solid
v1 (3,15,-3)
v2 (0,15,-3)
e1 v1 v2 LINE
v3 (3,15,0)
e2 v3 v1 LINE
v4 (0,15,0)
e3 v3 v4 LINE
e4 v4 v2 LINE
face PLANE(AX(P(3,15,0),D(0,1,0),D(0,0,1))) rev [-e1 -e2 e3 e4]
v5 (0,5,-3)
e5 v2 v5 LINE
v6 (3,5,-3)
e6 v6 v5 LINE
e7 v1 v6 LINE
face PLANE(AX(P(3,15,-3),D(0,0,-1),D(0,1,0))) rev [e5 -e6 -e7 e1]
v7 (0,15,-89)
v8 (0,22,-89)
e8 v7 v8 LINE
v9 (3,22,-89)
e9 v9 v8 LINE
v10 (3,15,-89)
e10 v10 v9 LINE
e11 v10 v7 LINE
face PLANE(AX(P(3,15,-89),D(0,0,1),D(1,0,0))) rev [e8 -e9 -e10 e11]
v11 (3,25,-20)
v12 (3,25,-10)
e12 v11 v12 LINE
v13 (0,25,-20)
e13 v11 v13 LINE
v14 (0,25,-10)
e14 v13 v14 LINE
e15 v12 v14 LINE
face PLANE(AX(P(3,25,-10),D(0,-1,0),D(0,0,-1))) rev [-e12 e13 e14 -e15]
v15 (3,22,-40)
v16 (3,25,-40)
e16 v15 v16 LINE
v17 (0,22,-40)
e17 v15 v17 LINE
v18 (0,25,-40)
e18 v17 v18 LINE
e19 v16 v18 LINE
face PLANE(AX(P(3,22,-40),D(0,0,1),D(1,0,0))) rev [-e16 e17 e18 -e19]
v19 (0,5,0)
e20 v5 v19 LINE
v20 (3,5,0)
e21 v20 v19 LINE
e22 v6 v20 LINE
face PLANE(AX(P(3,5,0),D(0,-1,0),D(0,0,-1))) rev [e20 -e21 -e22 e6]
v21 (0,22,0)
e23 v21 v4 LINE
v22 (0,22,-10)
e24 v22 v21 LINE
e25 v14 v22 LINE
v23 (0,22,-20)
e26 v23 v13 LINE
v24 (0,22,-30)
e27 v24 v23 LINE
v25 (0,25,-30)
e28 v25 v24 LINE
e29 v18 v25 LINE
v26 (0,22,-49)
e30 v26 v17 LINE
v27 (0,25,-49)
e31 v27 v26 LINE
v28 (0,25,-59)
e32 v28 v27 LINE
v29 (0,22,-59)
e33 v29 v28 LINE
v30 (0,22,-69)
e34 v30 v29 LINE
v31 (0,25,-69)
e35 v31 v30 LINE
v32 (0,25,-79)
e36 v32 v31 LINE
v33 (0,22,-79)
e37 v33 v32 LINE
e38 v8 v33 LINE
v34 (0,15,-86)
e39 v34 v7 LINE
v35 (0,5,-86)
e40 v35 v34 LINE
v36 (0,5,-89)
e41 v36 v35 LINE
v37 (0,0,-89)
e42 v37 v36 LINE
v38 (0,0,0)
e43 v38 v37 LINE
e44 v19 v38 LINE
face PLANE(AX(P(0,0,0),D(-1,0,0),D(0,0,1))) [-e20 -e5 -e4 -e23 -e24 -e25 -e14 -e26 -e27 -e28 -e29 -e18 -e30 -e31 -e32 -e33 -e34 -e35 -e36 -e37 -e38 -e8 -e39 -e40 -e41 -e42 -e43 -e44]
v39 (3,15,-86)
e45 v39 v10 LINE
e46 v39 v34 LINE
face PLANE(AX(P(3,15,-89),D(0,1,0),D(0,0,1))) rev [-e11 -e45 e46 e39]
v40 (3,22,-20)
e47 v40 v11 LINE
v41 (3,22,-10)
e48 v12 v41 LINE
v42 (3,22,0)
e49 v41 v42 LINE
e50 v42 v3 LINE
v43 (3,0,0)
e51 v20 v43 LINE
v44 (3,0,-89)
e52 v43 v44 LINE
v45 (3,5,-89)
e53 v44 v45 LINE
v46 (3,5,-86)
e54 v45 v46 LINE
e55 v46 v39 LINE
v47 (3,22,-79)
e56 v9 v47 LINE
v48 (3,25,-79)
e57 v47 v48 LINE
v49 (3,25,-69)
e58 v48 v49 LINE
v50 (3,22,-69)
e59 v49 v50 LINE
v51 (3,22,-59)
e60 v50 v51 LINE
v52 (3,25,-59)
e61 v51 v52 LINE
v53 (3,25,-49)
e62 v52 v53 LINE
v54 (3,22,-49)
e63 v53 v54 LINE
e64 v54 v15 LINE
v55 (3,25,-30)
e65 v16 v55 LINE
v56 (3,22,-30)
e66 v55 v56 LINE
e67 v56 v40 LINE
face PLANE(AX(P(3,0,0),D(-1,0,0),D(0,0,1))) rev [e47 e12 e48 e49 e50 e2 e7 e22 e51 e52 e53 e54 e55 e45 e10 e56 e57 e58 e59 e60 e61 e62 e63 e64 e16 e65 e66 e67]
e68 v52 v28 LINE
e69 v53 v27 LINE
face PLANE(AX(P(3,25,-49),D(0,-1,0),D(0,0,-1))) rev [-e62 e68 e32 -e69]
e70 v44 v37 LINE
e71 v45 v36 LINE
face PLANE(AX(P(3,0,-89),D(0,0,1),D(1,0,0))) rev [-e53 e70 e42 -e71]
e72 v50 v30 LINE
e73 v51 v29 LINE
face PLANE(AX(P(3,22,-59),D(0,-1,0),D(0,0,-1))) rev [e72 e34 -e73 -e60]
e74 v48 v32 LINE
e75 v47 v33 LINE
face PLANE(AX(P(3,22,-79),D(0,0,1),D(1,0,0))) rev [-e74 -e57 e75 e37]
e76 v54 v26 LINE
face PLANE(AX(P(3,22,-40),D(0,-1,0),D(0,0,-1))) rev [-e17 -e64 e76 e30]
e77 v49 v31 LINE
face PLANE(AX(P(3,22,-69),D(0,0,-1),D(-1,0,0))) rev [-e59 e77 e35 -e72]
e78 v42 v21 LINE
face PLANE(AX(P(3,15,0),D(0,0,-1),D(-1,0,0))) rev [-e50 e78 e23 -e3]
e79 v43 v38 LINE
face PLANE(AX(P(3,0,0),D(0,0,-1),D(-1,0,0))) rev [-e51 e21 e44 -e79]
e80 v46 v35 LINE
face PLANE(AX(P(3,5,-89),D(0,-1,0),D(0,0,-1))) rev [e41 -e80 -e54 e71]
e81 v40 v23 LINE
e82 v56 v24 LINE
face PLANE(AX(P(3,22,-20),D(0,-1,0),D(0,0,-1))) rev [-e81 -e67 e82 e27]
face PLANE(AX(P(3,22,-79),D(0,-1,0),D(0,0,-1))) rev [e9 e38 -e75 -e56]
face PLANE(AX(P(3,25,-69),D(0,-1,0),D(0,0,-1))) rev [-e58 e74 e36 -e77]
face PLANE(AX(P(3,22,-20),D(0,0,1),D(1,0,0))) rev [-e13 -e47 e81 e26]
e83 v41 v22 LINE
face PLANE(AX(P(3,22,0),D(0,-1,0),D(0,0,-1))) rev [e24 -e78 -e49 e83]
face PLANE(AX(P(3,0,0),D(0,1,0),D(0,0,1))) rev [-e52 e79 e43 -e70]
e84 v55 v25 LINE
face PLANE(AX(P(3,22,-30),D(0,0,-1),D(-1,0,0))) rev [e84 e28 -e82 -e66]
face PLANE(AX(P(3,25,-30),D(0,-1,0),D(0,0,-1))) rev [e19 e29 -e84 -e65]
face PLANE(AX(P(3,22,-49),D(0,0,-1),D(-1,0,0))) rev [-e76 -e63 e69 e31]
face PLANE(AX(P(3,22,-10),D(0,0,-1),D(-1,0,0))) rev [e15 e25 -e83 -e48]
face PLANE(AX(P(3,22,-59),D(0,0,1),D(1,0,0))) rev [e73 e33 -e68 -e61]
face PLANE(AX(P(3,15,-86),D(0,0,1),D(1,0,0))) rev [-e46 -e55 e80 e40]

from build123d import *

# Parameters (mm, degrees)
BOSS_EXTRUDE1_DEPTH = 3


with BuildPart() as part:
    # Sketch1 → Boss-Extrude1 (new body)
    with BuildSketch(Plane(origin=(0, 0, 0), x_dir=(0, 0, -1), z_dir=(1, 0, 0))):
        Polygon((0, 15), (0, 22), (10, 22), (10, 25), (20, 25), (20, 22), (30, 22), (30, 25), (40, 25), (40, 22), (49, 22), (49, 25), (59, 25), (59, 22), (69, 22), (69, 25), (79, 25), (79, 22), (89, 22), (89, 15), (86, 15), (86, 5), (89, 5), (89, 0), (0, 0), (0, 5), (3, 5), (3, 15), align=None)
    extrude(amount=BOSS_EXTRUDE1_DEPTH)


solid = part.part
